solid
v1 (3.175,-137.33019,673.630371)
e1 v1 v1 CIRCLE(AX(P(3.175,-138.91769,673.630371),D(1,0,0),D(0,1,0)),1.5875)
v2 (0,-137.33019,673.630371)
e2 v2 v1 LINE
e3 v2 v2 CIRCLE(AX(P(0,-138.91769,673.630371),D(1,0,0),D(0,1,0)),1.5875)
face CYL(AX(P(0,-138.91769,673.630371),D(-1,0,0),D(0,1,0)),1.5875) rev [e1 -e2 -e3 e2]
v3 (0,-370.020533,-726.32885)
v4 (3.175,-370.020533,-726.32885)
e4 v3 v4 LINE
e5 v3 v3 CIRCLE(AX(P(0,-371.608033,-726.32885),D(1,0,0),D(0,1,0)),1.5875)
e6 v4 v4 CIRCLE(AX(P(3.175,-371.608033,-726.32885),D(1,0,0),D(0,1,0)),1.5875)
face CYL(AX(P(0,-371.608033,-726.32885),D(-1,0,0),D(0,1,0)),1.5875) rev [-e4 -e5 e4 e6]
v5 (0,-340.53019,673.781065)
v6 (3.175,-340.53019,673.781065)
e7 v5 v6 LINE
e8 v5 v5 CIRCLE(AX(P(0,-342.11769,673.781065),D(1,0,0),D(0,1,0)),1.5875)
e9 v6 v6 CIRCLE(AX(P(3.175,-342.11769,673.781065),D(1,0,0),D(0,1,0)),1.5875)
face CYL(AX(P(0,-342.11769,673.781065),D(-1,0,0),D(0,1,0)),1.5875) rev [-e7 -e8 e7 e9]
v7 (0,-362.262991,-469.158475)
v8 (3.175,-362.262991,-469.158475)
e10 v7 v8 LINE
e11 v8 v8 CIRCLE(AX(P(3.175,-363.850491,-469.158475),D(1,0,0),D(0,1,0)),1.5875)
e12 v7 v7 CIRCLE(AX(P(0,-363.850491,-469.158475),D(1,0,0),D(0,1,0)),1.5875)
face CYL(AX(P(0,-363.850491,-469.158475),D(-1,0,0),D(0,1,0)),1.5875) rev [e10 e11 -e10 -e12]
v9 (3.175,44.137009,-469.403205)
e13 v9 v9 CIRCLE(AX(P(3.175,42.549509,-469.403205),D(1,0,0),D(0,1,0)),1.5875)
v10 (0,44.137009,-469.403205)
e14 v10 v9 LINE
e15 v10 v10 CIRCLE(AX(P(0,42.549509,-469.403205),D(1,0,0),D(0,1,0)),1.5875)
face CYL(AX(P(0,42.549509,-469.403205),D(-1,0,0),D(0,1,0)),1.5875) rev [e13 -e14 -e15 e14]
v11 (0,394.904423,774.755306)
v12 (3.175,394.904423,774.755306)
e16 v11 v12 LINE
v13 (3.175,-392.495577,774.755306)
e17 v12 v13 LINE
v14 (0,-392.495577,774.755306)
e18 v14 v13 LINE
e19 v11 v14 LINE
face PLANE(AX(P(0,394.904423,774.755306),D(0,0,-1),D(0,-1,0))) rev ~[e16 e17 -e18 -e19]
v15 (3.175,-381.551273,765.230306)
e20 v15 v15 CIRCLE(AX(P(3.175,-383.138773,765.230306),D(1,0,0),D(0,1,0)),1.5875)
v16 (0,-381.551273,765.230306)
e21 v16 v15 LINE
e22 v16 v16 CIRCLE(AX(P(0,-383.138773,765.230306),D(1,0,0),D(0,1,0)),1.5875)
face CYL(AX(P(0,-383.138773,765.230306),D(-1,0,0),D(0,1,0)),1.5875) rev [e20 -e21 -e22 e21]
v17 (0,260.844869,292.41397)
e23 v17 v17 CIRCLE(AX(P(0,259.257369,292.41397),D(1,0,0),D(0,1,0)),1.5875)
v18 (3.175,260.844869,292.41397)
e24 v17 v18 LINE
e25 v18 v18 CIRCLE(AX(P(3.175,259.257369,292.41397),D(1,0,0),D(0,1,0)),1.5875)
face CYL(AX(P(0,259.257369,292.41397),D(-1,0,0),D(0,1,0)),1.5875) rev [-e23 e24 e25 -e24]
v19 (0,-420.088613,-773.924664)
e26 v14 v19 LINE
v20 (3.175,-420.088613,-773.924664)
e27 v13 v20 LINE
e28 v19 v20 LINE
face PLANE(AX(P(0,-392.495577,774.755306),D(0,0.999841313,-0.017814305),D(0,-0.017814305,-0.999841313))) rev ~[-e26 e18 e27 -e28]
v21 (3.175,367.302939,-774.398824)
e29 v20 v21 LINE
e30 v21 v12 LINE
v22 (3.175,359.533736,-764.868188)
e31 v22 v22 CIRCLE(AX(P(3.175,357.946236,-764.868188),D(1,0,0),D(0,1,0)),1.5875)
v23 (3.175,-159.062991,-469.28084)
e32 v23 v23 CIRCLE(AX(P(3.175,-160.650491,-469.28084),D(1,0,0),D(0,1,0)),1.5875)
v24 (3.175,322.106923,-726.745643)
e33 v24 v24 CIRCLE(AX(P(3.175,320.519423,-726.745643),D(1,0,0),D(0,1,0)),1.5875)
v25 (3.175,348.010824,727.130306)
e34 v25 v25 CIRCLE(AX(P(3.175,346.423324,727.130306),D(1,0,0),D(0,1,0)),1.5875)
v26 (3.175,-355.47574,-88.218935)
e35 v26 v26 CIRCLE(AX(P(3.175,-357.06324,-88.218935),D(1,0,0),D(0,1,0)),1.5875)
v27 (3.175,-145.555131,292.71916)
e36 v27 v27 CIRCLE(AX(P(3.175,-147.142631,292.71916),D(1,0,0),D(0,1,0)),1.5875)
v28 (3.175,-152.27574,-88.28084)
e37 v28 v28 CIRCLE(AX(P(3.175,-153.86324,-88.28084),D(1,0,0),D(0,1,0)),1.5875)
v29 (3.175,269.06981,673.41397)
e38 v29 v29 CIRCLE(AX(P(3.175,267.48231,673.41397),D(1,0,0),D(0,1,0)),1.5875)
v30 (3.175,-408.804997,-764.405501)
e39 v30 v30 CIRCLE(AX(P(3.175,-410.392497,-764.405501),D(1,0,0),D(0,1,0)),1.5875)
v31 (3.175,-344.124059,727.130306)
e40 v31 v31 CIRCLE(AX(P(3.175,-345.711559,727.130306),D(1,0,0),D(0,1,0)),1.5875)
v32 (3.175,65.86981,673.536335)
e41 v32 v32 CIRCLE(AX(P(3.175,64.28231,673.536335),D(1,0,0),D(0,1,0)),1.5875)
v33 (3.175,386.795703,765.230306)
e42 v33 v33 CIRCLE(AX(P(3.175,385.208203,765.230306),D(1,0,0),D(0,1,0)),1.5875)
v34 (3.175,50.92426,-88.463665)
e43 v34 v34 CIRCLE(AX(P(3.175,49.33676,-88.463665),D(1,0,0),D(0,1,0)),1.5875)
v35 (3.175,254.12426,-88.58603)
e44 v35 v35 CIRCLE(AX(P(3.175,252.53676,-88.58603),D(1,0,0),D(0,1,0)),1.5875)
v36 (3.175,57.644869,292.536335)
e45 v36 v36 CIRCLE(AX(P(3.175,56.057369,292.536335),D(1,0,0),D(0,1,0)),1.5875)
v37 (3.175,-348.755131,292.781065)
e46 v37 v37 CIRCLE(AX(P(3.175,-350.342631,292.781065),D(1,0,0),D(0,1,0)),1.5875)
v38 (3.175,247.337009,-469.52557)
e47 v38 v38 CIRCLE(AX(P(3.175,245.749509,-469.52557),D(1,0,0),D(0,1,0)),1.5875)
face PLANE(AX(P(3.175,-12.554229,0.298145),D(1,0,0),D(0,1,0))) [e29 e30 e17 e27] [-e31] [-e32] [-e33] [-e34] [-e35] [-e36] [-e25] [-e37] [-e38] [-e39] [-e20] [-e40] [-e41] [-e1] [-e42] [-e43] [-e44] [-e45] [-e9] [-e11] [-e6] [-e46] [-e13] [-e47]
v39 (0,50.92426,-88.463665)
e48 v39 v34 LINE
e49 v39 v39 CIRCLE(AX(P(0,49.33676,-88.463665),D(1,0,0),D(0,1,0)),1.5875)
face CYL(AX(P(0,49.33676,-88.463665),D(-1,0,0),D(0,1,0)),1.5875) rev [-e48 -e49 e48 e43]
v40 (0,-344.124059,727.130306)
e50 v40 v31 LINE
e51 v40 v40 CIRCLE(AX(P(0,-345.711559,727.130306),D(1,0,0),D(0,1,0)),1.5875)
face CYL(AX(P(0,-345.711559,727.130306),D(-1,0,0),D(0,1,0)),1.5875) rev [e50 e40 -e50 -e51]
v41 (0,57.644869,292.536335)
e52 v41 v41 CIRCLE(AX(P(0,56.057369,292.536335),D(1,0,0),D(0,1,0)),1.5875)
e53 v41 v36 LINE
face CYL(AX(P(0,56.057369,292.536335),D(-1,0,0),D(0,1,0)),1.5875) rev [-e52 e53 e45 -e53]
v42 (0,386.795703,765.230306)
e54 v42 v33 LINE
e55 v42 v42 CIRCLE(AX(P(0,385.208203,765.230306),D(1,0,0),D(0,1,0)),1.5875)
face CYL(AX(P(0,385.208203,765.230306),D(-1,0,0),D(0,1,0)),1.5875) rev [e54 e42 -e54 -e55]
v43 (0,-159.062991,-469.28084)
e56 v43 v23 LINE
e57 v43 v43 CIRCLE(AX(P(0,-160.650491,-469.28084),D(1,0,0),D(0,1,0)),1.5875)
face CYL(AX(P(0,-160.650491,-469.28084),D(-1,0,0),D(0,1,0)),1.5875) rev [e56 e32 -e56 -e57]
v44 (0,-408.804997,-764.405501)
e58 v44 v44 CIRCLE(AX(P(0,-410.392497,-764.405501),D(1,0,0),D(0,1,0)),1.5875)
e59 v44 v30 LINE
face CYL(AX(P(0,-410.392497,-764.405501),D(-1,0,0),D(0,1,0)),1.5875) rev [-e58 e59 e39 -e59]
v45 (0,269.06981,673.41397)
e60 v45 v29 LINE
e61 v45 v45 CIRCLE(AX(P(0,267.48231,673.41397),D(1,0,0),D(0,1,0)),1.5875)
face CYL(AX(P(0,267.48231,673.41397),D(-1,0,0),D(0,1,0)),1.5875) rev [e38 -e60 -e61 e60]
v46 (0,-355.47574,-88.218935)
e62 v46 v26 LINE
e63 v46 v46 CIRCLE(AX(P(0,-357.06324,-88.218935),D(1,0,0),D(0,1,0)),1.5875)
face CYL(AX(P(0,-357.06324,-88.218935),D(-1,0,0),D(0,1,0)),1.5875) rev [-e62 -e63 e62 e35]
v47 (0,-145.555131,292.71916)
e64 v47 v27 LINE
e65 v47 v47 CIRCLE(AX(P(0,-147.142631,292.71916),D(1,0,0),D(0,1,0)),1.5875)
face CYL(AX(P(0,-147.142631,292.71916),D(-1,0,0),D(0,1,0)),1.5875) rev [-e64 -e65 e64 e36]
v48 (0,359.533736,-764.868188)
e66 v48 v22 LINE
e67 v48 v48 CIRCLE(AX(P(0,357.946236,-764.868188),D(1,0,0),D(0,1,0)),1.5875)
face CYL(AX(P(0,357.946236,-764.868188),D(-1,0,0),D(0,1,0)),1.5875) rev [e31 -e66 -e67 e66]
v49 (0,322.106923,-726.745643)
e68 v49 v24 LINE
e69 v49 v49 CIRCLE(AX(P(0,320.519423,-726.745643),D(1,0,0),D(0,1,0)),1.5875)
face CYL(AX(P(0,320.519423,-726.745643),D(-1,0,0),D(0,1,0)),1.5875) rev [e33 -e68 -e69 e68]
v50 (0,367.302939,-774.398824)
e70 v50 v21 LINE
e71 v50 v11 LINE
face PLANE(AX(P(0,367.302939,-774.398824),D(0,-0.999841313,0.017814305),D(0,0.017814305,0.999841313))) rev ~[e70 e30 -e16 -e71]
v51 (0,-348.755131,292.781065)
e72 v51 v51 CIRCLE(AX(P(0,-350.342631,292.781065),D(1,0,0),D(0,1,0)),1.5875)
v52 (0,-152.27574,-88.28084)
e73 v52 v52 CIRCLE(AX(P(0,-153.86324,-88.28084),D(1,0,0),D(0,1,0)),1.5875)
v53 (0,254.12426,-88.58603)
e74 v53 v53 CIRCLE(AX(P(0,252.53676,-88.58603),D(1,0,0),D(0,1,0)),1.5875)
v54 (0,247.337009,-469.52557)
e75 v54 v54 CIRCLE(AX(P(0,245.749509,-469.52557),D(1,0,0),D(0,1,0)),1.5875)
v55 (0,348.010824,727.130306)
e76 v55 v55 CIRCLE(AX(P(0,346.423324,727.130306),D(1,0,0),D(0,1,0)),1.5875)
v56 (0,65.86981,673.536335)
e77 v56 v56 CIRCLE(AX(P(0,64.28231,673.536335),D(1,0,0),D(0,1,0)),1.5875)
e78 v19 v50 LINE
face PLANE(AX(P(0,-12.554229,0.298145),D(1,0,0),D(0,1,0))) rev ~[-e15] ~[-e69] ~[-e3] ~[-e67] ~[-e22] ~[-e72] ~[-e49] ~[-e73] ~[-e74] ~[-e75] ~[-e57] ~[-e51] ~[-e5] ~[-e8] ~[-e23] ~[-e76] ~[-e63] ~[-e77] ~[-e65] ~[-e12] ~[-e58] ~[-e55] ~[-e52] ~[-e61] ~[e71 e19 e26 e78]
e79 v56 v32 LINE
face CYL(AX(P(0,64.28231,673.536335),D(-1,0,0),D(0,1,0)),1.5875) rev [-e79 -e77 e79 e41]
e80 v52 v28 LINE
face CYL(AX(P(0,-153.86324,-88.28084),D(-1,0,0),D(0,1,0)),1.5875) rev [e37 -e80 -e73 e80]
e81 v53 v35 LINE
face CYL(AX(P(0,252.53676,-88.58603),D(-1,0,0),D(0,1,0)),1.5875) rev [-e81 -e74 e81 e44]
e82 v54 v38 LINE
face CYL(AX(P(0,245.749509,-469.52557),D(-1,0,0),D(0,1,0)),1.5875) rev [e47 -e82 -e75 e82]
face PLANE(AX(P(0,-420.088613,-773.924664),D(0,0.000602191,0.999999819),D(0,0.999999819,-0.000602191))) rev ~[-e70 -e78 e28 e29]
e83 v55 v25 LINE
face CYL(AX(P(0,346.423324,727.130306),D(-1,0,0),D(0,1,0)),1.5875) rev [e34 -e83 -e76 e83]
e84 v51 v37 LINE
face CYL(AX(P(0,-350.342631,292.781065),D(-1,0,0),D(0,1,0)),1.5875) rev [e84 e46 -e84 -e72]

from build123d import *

# Parameters (mm, degrees)
F0_R     = 1.5875
F1_DEPTH = 3.175


with BuildPart() as f1:
    # F0 (on Right) → F1 (new body)
    with BuildSketch(Plane.YZ):
        Polygon((394.904423, 774.755306), (-392.495577, 774.755306), (-420.088613, -773.924664), (367.302939, -774.398824), align=None)
        with Locations((-410.392497, -764.405501)):
            Circle(F0_R, mode=Mode.SUBTRACT)
        with Locations((-371.608033, -726.32885)):
            Circle(F0_R, mode=Mode.SUBTRACT)
        with Locations((-363.850491, -469.158475)):
            Circle(F0_R, mode=Mode.SUBTRACT)
        with Locations((-160.650491, -469.28084)):
            Circle(F0_R, mode=Mode.SUBTRACT)
        with Locations((-357.06324, -88.218935)):
            Circle(F0_R, mode=Mode.SUBTRACT)
        with Locations((-153.86324, -88.28084)):
            Circle(F0_R, mode=Mode.SUBTRACT)
        with Locations((42.549509, -469.403205)):
            Circle(F0_R, mode=Mode.SUBTRACT)
        with Locations((320.519423, -726.745643)):
            Circle(F0_R, mode=Mode.SUBTRACT)
        with Locations((357.946236, -764.868188)):
            Circle(F0_R, mode=Mode.SUBTRACT)
        with Locations((245.749509, -469.52557)):
            Circle(F0_R, mode=Mode.SUBTRACT)
        with Locations((49.33676, -88.463665)):
            Circle(F0_R, mode=Mode.SUBTRACT)
        with Locations((252.53676, -88.58603)):
            Circle(F0_R, mode=Mode.SUBTRACT)
        with Locations((-350.342631, 292.781065)):
            Circle(F0_R, mode=Mode.SUBTRACT)
        with Locations((-147.142631, 292.71916)):
            Circle(F0_R, mode=Mode.SUBTRACT)
        with Locations((-342.11769, 673.781065)):
            Circle(F0_R, mode=Mode.SUBTRACT)
        with Locations((-383.138773, 765.230306)):
            Circle(F0_R, mode=Mode.SUBTRACT)
        with Locations((-345.711559, 727.130306)):
            Circle(F0_R, mode=Mode.SUBTRACT)
        with Locations((-138.91769, 673.630371)):
            Circle(F0_R, mode=Mode.SUBTRACT)
        with Locations((56.057369, 292.536335)):
            Circle(F0_R, mode=Mode.SUBTRACT)
        with Locations((259.257369, 292.41397)):
            Circle(F0_R, mode=Mode.SUBTRACT)
        with Locations((64.28231, 673.536335)):
            Circle(F0_R, mode=Mode.SUBTRACT)
        with Locations((267.48231, 673.41397)):
            Circle(F0_R, mode=Mode.SUBTRACT)
        with Locations((346.423324, 727.130306)):
            Circle(F0_R, mode=Mode.SUBTRACT)
        with Locations((385.208203, 765.230306)):
            Circle(F0_R, mode=Mode.SUBTRACT)
    extrude(amount=F1_DEPTH)


solid = f1.part
